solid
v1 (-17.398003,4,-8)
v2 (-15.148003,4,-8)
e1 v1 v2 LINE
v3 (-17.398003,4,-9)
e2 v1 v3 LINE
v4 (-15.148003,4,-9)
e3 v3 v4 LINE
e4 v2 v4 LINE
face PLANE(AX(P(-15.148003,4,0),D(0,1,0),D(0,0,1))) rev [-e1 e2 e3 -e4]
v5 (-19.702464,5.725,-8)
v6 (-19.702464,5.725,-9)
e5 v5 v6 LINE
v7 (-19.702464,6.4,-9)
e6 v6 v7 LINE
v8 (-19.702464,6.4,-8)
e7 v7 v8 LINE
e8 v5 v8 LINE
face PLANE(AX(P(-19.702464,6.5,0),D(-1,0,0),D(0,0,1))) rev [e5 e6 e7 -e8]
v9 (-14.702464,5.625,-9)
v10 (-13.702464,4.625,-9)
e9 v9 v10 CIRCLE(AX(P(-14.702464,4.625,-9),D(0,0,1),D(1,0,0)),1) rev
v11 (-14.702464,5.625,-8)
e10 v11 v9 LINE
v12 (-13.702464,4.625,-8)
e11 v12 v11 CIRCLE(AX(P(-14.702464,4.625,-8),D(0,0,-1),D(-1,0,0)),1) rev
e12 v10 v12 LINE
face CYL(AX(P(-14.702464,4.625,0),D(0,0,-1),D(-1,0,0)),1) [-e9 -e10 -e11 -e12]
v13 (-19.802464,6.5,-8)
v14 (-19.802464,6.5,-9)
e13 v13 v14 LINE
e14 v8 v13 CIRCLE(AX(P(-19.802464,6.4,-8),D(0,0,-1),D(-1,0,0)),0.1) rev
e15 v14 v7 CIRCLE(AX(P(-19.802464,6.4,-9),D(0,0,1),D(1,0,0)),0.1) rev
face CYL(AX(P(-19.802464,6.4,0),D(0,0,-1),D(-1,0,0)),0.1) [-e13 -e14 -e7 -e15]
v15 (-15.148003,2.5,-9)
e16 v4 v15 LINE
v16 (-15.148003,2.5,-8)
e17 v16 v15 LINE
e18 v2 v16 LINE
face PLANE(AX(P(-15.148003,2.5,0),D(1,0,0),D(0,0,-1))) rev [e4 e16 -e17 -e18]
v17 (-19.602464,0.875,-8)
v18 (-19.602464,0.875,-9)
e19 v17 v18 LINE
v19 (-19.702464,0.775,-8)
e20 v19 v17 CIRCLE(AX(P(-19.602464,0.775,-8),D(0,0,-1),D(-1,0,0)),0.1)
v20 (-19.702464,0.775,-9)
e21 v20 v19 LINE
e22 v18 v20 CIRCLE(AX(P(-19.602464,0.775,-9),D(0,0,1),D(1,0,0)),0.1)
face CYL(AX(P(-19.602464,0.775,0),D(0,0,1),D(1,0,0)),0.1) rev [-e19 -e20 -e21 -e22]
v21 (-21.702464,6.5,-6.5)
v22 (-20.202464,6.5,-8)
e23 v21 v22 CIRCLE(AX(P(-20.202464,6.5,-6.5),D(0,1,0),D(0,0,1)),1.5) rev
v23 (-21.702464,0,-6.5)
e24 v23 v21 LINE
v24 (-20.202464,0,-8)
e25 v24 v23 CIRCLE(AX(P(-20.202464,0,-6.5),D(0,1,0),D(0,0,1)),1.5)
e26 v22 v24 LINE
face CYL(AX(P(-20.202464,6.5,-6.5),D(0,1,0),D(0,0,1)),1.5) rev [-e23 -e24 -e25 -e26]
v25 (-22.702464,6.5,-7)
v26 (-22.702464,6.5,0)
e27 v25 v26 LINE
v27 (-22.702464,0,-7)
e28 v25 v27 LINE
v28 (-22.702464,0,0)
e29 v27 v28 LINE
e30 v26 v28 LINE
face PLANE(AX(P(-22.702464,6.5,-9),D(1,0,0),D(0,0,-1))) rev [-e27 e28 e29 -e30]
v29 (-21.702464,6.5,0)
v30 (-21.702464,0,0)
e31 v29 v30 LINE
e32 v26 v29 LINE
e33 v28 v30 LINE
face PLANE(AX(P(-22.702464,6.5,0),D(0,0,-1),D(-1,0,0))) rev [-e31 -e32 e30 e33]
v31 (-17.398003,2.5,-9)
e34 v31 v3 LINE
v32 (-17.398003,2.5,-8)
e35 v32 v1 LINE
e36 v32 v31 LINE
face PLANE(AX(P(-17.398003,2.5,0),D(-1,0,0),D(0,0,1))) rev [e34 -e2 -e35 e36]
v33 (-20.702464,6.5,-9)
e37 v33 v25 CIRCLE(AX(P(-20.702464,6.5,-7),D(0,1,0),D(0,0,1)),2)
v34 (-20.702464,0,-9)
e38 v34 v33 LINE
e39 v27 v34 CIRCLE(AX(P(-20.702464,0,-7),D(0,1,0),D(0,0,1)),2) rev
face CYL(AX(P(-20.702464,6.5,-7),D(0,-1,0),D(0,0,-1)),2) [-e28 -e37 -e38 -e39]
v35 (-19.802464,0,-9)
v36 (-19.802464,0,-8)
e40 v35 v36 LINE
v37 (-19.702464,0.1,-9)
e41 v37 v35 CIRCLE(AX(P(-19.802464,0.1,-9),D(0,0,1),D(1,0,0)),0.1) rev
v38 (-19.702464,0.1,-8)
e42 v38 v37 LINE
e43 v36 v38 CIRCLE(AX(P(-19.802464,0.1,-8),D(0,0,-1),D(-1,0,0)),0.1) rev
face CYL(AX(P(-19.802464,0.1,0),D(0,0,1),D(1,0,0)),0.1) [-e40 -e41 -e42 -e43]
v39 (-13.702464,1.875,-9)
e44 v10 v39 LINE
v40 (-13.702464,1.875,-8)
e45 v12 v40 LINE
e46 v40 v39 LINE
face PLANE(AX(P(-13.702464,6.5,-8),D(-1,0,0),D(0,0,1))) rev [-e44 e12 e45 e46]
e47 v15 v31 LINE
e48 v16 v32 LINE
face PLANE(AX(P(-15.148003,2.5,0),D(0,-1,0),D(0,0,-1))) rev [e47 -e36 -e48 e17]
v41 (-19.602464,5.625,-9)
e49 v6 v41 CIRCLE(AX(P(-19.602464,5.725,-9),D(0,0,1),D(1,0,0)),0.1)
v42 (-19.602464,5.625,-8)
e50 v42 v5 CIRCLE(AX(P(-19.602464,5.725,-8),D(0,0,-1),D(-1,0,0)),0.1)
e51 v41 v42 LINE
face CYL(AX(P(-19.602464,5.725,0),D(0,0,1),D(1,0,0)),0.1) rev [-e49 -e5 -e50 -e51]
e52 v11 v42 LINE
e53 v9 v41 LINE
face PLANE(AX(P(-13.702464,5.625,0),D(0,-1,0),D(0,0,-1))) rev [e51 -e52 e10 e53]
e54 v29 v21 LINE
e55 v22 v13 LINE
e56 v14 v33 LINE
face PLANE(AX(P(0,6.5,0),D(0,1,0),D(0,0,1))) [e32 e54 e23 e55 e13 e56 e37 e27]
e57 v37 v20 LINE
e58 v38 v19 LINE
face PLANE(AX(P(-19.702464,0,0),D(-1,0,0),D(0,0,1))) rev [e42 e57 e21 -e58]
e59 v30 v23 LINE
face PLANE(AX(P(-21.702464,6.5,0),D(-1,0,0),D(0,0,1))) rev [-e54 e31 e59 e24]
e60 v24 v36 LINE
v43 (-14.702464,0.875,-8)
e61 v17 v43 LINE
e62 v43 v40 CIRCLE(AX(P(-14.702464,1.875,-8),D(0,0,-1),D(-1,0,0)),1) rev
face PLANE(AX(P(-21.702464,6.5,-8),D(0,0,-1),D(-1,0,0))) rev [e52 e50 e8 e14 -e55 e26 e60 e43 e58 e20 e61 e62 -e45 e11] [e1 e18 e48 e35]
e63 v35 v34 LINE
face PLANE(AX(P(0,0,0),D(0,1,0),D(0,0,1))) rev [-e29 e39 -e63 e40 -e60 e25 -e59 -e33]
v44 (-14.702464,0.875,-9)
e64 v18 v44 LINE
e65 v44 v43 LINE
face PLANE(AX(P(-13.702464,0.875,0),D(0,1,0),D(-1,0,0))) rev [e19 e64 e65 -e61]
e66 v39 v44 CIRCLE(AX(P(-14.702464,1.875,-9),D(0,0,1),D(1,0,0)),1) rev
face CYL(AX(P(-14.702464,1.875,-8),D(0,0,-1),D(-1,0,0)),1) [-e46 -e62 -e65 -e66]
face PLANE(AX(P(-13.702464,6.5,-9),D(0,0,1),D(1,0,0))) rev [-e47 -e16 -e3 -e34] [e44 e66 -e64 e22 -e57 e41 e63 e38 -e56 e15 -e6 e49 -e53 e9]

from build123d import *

# Parameters (mm, degrees)
EXTRUDE_1_DEPTH     = 6.5
FILLET_1_R          = 2
FILLET_2_R          = 1.5
SKETCH_2_W          = 6
SKETCH_2_H          = 0.875
CUT_EXTRUDE_1_DEPTH = 10
FILLET_4_R          = 1
FILLET_5_R          = 0.1
FILLET_6_R          = 0.1
SKETCH_3_W          = 2.25
SKETCH_3_H          = 1.5
CUT_EXTRUDE_2_DEPTH = 10


with BuildPart() as part:
    # Эскиз1 → Бобышка-Вытянуть1 (new body)
    with BuildSketch(Plane(origin=(0, 0, 0), x_dir=(1, 0, 0), z_dir=(0, 1, 0))):
        Polygon((-22.702464419, 0), (-21.702464419, 0), (-21.702464419, 8), (-13.702464419, 8), (-13.702464419, 9), (-22.702464419, 9), align=None)
    extrude(amount=EXTRUDE_1_DEPTH)

    # Скругление1
    fillet_1_edges = [part.edges().sort_by_distance(p)[0] for p in [
        (-22.702464419, 3.25, -9),
    ]]
    fillet(fillet_1_edges, radius=FILLET_1_R)

    # Скругление2
    fillet_2_edges = [part.edges().sort_by_distance(p)[0] for p in [
        (-21.702464419, 3.25, -8),
    ]]
    fillet(fillet_2_edges, radius=FILLET_2_R)

    # Эскиз2 → Вырез-Вытянуть1 (cut, through all)
    with BuildSketch(Plane(origin=(0, 0, -9), x_dir=(-1, 0, 0), z_dir=(0, 0, -1))):
        with Locations((16.702464419, 0.4375)):
            Rectangle(SKETCH_2_W, SKETCH_2_H)
        with Locations((16.702464419, 6.0625)):
            Rectangle(SKETCH_2_W, SKETCH_2_H)
    extrude(amount=-CUT_EXTRUDE_1_DEPTH, mode=Mode.SUBTRACT)

    # Скругление4
    fillet_4_edges = [part.edges().sort_by_distance(p)[0] for p in [
        (-13.702464419, 0.875, -8.5),
        (-13.702464419, 5.625, -8.5),
    ]]
    fillet(fillet_4_edges, radius=FILLET_4_R)

    # Скругление5
    fillet_5_edges = [part.edges().sort_by_distance(p)[0] for p in [
        (-19.702464419, 0, -8.5),
        (-19.702464419, 6.5, -8.5),
    ]]
    fillet(fillet_5_edges, radius=FILLET_5_R)

    # Скругление6
    fillet_6_edges = [part.edges().sort_by_distance(p)[0] for p in [
        (-19.702464419, 0.875, -8.5),
        (-19.702464419, 5.625, -8.5),
    ]]
    fillet(fillet_6_edges, radius=FILLET_6_R)

    # Эскиз3 → Вырез-Вытянуть2 (cut, through all)
    with BuildSketch(Plane(origin=(0, 0, -9), x_dir=(-1, 0, 0), z_dir=(0, 0, -1))):
        with Locations((16.273003047, 3.25)):
            Rectangle(SKETCH_3_W, SKETCH_3_H)
    extrude(amount=-CUT_EXTRUDE_2_DEPTH, mode=Mode.SUBTRACT)


solid = part.part
